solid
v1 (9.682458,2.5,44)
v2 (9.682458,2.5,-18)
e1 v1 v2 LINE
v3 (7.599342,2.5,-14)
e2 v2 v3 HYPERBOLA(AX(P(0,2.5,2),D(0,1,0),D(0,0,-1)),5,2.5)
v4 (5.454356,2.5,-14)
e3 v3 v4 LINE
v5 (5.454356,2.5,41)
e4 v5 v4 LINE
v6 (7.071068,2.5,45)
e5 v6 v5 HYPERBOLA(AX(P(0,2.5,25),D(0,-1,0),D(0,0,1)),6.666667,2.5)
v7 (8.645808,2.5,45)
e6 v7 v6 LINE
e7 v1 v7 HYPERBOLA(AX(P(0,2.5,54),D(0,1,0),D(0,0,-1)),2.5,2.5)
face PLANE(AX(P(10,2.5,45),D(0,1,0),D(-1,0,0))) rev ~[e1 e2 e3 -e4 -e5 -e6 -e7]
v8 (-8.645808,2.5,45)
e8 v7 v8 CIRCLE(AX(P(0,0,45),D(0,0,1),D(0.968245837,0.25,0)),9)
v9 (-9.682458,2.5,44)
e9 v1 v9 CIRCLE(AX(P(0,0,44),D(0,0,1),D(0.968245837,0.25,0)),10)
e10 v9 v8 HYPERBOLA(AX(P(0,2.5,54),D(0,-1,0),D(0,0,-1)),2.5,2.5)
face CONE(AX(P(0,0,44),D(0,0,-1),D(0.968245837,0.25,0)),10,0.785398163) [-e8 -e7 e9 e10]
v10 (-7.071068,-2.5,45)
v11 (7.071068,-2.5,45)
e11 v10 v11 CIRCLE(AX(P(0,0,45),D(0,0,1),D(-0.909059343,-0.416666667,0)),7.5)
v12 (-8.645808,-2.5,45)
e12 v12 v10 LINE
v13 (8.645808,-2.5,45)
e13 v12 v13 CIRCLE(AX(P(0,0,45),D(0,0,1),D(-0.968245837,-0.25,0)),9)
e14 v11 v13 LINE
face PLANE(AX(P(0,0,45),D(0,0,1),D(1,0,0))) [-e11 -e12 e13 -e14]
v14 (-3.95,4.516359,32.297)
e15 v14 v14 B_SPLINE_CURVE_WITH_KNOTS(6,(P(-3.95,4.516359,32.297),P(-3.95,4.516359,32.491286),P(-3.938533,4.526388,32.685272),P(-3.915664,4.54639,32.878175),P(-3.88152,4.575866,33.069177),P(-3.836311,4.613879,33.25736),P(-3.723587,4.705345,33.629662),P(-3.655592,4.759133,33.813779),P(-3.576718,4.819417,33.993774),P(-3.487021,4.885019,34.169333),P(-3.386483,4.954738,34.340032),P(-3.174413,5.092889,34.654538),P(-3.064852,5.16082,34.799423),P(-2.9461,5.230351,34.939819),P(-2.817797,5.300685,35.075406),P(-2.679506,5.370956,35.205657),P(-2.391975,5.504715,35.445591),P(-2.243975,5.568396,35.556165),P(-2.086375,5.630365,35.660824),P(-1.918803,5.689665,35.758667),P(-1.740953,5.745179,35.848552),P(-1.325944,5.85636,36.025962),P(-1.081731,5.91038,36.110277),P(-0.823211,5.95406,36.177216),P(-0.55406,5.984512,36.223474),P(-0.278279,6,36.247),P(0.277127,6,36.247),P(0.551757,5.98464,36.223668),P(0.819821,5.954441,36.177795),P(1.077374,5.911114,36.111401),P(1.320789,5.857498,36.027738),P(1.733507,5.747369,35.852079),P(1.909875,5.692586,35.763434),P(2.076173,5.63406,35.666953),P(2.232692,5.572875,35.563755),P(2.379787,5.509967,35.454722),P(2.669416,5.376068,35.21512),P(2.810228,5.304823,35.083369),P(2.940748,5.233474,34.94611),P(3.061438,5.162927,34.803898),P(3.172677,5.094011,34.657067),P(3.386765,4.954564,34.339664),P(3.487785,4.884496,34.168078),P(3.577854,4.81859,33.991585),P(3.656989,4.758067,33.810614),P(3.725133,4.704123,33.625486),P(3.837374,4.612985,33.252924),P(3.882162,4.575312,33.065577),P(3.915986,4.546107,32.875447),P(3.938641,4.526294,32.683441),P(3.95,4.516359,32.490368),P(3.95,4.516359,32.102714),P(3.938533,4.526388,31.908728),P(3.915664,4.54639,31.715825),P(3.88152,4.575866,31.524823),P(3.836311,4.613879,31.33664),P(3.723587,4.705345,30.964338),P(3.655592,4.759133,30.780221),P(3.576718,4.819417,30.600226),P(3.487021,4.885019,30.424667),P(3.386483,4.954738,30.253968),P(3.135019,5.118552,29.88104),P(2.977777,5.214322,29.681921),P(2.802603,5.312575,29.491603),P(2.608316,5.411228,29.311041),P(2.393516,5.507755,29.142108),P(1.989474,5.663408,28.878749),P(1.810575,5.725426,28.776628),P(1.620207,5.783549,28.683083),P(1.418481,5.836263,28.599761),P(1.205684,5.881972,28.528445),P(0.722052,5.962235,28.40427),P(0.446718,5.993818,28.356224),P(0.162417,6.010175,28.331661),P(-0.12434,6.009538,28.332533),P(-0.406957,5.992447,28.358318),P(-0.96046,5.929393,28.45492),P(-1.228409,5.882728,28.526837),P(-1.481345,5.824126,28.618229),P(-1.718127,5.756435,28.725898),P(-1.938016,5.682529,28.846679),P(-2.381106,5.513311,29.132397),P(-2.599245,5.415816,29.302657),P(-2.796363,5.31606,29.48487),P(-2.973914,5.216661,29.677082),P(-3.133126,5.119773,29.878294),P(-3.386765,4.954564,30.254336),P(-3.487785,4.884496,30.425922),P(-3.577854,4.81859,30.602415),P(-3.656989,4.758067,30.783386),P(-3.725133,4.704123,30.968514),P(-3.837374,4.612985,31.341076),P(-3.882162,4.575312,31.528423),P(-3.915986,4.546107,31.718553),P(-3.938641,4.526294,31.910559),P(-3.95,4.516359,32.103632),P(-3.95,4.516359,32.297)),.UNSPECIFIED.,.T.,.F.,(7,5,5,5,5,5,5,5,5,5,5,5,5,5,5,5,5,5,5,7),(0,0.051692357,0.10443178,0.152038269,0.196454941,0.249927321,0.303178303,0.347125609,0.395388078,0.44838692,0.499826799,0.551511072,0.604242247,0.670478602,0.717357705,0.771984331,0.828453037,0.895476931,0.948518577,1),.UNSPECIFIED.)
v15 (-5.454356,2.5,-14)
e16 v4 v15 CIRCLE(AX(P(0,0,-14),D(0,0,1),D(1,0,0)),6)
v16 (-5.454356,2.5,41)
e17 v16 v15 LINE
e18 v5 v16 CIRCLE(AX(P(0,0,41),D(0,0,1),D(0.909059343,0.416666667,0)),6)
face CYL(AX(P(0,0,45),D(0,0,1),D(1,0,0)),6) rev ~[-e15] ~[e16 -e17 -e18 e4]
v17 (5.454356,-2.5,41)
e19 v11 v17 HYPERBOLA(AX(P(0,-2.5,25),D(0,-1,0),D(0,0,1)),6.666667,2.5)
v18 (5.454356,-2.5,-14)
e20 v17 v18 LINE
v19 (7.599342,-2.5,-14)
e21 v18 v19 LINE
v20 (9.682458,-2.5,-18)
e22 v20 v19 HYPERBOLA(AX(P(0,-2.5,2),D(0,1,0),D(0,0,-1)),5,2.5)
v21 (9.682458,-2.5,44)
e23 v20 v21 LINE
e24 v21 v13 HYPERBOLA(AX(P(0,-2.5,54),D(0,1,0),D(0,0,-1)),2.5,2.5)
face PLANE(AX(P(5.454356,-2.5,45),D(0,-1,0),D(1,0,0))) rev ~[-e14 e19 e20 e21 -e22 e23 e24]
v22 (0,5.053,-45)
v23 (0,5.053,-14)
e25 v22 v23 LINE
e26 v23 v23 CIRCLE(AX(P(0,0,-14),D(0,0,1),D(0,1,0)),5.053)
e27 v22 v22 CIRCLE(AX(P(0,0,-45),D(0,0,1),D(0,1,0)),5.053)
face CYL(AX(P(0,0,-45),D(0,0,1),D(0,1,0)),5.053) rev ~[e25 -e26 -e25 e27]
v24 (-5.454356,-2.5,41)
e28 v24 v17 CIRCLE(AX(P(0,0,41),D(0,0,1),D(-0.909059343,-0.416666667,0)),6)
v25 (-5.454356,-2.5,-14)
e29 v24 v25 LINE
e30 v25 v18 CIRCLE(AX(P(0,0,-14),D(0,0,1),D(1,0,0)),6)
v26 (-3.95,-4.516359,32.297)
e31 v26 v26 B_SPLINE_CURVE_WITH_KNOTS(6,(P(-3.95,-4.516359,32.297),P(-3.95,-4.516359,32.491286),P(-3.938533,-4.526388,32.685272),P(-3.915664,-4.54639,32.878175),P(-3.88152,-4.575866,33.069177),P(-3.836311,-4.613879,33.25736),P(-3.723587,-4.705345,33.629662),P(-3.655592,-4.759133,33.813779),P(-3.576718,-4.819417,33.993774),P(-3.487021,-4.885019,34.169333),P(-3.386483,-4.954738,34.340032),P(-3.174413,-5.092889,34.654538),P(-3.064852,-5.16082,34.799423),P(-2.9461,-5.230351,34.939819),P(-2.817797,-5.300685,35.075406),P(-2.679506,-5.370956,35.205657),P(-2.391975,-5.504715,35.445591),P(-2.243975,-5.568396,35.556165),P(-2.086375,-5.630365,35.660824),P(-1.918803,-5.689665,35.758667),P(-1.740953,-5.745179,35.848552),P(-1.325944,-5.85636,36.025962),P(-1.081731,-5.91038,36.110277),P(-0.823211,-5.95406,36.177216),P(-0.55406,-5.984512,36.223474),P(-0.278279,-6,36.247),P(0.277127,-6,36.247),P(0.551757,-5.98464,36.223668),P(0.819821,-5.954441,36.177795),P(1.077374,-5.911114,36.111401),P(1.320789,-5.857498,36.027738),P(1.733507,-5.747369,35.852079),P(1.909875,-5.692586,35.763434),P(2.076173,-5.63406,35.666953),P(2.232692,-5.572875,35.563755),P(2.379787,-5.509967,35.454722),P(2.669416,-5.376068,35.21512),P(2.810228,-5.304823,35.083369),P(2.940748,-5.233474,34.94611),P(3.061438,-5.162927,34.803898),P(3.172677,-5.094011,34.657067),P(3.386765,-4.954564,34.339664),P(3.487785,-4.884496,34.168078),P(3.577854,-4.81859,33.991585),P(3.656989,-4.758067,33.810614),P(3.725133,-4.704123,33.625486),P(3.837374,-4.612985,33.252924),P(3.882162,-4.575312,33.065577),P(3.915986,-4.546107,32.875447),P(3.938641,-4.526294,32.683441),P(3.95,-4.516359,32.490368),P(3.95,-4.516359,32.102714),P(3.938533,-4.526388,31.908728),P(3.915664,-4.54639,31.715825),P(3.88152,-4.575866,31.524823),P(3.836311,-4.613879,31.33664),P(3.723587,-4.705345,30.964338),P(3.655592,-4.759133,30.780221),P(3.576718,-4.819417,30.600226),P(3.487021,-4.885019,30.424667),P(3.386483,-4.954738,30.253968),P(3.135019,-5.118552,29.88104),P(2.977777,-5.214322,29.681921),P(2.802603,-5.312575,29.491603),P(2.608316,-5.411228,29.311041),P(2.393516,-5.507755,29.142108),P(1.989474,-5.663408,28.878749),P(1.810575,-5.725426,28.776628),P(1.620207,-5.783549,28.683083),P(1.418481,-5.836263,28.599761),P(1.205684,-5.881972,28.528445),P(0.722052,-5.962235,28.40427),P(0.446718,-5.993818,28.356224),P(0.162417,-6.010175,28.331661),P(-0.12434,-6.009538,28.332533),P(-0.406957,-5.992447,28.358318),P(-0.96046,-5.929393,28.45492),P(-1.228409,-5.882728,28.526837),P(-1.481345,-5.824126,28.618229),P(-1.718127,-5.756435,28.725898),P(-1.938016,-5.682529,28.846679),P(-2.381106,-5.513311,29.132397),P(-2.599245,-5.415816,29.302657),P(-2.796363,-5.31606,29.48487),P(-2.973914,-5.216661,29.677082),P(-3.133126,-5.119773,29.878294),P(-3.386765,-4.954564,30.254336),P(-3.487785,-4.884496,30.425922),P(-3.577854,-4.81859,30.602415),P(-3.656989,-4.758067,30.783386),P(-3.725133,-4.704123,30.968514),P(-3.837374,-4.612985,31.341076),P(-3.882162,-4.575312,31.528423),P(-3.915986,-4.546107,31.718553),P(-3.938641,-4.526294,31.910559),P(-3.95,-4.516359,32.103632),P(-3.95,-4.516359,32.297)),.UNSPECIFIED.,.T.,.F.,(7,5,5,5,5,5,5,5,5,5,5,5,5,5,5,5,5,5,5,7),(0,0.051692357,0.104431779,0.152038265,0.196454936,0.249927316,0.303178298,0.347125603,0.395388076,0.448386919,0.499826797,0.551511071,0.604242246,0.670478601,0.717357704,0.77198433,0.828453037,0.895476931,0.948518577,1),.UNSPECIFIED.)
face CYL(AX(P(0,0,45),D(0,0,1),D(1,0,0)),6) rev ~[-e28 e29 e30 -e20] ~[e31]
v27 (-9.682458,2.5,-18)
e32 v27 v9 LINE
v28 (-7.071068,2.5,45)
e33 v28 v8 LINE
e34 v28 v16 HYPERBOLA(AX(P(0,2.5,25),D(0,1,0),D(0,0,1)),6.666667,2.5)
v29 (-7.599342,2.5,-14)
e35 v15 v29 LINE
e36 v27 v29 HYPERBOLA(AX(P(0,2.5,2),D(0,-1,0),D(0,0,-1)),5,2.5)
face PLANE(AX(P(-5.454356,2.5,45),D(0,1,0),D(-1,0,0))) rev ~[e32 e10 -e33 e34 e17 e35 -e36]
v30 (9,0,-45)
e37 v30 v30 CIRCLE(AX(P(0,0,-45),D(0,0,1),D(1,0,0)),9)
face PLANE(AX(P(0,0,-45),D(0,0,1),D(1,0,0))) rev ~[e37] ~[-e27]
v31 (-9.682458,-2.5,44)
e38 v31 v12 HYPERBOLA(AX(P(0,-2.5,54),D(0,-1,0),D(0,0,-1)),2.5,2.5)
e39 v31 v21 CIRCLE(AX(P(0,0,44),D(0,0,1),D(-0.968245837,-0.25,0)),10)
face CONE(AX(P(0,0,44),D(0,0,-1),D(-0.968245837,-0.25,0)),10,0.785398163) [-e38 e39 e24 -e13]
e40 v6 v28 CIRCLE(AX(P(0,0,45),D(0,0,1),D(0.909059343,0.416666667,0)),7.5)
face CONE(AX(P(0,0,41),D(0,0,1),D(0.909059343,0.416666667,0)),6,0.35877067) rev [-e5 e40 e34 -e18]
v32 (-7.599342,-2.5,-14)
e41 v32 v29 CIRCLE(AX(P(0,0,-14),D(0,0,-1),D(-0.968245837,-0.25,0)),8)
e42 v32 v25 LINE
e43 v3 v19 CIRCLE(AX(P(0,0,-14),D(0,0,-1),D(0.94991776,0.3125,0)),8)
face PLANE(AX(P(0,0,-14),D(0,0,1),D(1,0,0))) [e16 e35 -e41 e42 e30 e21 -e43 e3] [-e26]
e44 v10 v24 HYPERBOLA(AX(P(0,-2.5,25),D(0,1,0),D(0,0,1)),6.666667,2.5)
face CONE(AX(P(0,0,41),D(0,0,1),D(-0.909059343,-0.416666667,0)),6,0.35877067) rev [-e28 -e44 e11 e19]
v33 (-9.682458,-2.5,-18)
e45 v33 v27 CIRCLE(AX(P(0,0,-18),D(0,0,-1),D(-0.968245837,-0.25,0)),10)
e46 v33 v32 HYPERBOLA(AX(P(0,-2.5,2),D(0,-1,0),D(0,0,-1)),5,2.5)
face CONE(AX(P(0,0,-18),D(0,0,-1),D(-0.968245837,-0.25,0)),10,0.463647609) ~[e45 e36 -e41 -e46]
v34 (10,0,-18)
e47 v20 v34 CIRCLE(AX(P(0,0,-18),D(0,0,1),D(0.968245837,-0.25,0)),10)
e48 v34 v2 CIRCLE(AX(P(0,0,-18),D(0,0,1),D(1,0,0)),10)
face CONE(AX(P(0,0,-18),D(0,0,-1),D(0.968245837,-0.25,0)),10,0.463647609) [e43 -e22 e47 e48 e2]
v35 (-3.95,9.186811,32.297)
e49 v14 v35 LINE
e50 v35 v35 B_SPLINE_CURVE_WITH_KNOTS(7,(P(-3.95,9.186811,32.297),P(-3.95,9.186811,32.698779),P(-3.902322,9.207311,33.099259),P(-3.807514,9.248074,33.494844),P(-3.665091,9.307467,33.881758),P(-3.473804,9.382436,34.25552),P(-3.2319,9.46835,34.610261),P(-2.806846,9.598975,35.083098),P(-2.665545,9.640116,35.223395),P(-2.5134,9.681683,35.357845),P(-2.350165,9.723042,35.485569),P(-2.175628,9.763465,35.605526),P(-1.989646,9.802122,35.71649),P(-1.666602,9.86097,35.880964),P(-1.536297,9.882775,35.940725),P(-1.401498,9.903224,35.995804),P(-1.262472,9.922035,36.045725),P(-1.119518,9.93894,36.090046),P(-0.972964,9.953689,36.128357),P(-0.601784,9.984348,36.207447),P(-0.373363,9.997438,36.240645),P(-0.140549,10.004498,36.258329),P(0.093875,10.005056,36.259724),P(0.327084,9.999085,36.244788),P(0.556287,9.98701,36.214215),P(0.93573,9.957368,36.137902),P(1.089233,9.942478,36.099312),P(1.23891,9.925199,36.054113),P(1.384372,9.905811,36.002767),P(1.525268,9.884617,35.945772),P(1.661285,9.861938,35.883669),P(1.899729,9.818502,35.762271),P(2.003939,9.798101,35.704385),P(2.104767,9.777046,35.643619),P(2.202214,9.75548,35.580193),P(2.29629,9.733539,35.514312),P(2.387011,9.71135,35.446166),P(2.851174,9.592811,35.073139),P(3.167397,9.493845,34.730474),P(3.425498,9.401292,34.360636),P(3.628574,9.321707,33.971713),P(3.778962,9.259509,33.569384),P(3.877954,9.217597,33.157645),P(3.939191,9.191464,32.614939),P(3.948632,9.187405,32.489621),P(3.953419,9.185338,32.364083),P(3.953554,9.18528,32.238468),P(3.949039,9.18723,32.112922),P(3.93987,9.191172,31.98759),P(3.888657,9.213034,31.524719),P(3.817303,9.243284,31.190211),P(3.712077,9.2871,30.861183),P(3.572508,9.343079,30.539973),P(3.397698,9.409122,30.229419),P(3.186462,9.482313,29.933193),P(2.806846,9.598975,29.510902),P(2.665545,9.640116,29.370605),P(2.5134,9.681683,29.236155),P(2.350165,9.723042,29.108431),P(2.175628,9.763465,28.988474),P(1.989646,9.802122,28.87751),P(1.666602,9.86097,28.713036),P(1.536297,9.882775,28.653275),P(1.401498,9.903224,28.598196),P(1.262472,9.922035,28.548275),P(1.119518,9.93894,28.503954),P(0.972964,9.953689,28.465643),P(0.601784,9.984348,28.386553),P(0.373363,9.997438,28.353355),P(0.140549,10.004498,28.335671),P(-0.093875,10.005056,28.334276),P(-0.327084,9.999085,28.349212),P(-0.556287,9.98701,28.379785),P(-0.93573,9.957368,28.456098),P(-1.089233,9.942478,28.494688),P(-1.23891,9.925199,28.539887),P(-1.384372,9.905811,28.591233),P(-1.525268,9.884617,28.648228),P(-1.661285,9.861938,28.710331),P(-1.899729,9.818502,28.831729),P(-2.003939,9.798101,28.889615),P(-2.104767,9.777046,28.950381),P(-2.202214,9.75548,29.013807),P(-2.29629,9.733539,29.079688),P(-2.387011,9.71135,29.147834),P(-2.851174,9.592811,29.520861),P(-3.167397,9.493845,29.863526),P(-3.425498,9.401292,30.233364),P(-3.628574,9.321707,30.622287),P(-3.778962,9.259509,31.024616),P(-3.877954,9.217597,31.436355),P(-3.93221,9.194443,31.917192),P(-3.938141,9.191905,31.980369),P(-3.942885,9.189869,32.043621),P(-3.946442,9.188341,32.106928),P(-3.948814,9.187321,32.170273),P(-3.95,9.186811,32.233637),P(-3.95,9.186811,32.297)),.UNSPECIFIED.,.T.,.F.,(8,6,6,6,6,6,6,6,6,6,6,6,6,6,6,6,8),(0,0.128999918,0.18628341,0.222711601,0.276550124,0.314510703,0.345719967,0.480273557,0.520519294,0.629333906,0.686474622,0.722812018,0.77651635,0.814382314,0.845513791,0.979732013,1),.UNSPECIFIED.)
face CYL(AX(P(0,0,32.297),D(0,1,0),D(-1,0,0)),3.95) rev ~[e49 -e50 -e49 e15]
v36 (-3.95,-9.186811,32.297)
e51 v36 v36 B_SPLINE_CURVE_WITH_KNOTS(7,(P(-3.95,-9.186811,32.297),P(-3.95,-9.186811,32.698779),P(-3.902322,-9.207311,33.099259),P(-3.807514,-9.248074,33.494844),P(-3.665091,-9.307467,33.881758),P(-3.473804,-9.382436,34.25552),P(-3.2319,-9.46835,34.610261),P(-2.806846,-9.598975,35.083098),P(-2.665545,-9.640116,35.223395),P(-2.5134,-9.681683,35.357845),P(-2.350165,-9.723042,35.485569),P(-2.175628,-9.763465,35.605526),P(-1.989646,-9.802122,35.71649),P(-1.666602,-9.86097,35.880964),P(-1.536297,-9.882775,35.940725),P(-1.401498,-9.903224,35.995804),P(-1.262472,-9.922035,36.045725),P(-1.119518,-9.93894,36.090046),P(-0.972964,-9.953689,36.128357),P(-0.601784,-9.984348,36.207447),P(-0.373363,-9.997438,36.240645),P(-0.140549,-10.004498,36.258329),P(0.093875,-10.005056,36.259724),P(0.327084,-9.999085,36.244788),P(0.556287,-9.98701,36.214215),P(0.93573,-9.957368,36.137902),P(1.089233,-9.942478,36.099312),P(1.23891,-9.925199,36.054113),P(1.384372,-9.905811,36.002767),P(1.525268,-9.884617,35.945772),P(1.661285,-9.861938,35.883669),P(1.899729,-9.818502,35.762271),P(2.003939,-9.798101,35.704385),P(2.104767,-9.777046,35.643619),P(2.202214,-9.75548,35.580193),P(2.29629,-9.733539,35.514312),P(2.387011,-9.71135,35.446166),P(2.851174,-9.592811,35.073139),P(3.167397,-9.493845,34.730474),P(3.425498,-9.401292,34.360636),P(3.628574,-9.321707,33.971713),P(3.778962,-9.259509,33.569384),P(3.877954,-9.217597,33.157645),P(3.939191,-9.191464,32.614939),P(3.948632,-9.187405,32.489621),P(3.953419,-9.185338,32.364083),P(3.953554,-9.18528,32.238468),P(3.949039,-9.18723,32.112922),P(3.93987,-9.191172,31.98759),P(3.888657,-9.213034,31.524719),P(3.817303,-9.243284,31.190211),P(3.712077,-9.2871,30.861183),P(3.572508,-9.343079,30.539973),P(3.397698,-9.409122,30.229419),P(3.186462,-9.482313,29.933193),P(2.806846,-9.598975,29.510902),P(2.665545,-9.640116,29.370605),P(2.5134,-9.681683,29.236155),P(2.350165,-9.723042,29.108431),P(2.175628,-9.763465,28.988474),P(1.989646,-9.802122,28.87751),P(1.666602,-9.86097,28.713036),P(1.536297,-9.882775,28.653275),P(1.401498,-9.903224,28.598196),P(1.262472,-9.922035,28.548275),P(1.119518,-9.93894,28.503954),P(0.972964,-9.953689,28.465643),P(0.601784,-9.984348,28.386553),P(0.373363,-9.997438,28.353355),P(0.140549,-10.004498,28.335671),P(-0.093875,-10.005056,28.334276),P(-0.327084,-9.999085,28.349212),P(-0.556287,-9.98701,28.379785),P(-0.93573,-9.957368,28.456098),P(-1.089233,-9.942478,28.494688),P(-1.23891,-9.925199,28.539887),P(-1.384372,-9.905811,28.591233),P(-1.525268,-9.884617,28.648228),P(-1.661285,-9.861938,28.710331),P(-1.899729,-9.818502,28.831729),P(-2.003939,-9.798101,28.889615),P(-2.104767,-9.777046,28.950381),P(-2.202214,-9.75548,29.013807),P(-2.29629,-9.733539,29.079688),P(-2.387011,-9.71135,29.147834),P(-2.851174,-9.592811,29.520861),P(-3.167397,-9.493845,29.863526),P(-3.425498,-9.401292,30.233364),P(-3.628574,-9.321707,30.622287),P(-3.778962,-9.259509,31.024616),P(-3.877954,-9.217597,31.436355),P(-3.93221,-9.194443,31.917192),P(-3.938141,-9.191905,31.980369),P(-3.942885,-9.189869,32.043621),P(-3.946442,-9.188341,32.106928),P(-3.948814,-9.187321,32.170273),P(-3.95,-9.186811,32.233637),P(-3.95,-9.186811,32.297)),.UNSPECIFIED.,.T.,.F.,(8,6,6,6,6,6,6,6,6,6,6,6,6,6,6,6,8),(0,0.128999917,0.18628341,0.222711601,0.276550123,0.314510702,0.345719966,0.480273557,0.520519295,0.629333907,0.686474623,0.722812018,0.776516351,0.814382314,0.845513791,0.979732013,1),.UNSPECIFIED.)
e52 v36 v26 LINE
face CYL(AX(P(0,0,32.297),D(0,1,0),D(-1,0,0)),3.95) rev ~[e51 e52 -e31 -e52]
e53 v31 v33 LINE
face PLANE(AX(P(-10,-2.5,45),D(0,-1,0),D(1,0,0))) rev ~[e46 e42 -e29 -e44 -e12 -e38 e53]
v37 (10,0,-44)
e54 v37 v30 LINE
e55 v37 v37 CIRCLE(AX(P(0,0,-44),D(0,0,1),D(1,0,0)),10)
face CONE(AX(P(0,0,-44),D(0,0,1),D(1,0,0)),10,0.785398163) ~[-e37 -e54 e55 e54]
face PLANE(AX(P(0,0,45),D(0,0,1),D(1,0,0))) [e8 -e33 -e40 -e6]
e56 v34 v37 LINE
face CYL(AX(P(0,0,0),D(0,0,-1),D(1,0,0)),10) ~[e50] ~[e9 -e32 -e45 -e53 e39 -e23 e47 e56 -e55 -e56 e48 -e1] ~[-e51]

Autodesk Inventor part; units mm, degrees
ref_plane "YZ Plane" through (0, 0, 0) normal (1, 0, 0) x (0, 1, 0)
ref_plane "XY Plane" through (0, 0, 0) normal (0, 0, 1) x (1, 0, 0)
sketch "Sketch1" plane through (0, 0, 0) normal (0, 0, 1) x (1, 0, 0)
  circle A0 centre (0, 0) radius 10
  dimension "d0" = 20
extrude "Extrusion1" add sketch "Sketch1" along normal mid plane 90
sketch "Sketch2" plane through (0, 0, 45) normal (0, 0, 1) x (1, 0, 0)
  circle A0 centre (0, 0) radius 6
  line L0 (-10, -2.5) -> (10, -2.5)
  line L1 (10, -2.5) -> (10, 2.5)
  line L2 (10, 2.5) -> (-10, 2.5)
  line L3 (-10, 2.5) -> (-10, -2.5)
  point P0 (-10, 0)
  point P1 (10, 0)
  dimension "d3" = 12
  dimension "d4" = 5
  dimension "d5" = 2.5
  dimension "d6" = 20
  dimension "d7" = 10
extrude "Extrusion2" cut sketch "Sketch2" against normal blind 59
chamfer "Chamfer1" distance 1 angle 45 2 edges at (0, -10, 45) (0, 10, 45)
chamfer "Chamfer2" distance 1.5 distance2 4 1 edges at (0, 6, 45) measured on face at (-7.3096, 3.1466, 45)
chamfer "Chamfer3" distance 1.5 distance2 4 1 edges at (0, -6, 45) measured on face at (-7.3096, -3.1466, 45)
chamfer "Chamfer4" distance 4 distance2 2 1 edges at (-10, 0, -14) measured on face at (8.4358, 5.37, -15.3333)
chamfer "Chamfer5" distance 4 distance2 2 2 edges at (9.9203, 1.26, -14) (9.9203, -1.26, -14) measured on face at (8.4358, 5.37, -15.3333)
chamfer "Chamfer6" distance 1 angle 45 1 edges at (-10, 0, -45)
sketch "Sketch3" plane through (0, 0, -45) normal (0, 0, -1) x (-1, 0, 0)
  circle A0 centre (0, 0) radius 9 projected
hole "Hole1" at (0, 0, -45) direction (0, 0, 1) diameter 10.106 depth 45 thread size "M12x1.75" class "6H" standard "ANSI Metric M Profile"
sketch "Sketch4" plane through (0, 0, 0) normal (0, 1, 0) x (-1, 0, 0)
  line L0 (0, -9) -> (0, 54) projected
  circle A0 centre (0, 32.297) radius 3.95
  line L1 (-8.6458, 45) -> (8.6458, 45) projected
  point P0 (0, 0)
  dimension "d35" = 12.703
  dimension "d36" = 7.9
extrude "Extrusion3" cut sketch "Sketch4" along normal through all both and the other way through all
equation "\"d5\" = 0.5 * d4"
properties part number "201-02" material "Acetal Resin, Black"
